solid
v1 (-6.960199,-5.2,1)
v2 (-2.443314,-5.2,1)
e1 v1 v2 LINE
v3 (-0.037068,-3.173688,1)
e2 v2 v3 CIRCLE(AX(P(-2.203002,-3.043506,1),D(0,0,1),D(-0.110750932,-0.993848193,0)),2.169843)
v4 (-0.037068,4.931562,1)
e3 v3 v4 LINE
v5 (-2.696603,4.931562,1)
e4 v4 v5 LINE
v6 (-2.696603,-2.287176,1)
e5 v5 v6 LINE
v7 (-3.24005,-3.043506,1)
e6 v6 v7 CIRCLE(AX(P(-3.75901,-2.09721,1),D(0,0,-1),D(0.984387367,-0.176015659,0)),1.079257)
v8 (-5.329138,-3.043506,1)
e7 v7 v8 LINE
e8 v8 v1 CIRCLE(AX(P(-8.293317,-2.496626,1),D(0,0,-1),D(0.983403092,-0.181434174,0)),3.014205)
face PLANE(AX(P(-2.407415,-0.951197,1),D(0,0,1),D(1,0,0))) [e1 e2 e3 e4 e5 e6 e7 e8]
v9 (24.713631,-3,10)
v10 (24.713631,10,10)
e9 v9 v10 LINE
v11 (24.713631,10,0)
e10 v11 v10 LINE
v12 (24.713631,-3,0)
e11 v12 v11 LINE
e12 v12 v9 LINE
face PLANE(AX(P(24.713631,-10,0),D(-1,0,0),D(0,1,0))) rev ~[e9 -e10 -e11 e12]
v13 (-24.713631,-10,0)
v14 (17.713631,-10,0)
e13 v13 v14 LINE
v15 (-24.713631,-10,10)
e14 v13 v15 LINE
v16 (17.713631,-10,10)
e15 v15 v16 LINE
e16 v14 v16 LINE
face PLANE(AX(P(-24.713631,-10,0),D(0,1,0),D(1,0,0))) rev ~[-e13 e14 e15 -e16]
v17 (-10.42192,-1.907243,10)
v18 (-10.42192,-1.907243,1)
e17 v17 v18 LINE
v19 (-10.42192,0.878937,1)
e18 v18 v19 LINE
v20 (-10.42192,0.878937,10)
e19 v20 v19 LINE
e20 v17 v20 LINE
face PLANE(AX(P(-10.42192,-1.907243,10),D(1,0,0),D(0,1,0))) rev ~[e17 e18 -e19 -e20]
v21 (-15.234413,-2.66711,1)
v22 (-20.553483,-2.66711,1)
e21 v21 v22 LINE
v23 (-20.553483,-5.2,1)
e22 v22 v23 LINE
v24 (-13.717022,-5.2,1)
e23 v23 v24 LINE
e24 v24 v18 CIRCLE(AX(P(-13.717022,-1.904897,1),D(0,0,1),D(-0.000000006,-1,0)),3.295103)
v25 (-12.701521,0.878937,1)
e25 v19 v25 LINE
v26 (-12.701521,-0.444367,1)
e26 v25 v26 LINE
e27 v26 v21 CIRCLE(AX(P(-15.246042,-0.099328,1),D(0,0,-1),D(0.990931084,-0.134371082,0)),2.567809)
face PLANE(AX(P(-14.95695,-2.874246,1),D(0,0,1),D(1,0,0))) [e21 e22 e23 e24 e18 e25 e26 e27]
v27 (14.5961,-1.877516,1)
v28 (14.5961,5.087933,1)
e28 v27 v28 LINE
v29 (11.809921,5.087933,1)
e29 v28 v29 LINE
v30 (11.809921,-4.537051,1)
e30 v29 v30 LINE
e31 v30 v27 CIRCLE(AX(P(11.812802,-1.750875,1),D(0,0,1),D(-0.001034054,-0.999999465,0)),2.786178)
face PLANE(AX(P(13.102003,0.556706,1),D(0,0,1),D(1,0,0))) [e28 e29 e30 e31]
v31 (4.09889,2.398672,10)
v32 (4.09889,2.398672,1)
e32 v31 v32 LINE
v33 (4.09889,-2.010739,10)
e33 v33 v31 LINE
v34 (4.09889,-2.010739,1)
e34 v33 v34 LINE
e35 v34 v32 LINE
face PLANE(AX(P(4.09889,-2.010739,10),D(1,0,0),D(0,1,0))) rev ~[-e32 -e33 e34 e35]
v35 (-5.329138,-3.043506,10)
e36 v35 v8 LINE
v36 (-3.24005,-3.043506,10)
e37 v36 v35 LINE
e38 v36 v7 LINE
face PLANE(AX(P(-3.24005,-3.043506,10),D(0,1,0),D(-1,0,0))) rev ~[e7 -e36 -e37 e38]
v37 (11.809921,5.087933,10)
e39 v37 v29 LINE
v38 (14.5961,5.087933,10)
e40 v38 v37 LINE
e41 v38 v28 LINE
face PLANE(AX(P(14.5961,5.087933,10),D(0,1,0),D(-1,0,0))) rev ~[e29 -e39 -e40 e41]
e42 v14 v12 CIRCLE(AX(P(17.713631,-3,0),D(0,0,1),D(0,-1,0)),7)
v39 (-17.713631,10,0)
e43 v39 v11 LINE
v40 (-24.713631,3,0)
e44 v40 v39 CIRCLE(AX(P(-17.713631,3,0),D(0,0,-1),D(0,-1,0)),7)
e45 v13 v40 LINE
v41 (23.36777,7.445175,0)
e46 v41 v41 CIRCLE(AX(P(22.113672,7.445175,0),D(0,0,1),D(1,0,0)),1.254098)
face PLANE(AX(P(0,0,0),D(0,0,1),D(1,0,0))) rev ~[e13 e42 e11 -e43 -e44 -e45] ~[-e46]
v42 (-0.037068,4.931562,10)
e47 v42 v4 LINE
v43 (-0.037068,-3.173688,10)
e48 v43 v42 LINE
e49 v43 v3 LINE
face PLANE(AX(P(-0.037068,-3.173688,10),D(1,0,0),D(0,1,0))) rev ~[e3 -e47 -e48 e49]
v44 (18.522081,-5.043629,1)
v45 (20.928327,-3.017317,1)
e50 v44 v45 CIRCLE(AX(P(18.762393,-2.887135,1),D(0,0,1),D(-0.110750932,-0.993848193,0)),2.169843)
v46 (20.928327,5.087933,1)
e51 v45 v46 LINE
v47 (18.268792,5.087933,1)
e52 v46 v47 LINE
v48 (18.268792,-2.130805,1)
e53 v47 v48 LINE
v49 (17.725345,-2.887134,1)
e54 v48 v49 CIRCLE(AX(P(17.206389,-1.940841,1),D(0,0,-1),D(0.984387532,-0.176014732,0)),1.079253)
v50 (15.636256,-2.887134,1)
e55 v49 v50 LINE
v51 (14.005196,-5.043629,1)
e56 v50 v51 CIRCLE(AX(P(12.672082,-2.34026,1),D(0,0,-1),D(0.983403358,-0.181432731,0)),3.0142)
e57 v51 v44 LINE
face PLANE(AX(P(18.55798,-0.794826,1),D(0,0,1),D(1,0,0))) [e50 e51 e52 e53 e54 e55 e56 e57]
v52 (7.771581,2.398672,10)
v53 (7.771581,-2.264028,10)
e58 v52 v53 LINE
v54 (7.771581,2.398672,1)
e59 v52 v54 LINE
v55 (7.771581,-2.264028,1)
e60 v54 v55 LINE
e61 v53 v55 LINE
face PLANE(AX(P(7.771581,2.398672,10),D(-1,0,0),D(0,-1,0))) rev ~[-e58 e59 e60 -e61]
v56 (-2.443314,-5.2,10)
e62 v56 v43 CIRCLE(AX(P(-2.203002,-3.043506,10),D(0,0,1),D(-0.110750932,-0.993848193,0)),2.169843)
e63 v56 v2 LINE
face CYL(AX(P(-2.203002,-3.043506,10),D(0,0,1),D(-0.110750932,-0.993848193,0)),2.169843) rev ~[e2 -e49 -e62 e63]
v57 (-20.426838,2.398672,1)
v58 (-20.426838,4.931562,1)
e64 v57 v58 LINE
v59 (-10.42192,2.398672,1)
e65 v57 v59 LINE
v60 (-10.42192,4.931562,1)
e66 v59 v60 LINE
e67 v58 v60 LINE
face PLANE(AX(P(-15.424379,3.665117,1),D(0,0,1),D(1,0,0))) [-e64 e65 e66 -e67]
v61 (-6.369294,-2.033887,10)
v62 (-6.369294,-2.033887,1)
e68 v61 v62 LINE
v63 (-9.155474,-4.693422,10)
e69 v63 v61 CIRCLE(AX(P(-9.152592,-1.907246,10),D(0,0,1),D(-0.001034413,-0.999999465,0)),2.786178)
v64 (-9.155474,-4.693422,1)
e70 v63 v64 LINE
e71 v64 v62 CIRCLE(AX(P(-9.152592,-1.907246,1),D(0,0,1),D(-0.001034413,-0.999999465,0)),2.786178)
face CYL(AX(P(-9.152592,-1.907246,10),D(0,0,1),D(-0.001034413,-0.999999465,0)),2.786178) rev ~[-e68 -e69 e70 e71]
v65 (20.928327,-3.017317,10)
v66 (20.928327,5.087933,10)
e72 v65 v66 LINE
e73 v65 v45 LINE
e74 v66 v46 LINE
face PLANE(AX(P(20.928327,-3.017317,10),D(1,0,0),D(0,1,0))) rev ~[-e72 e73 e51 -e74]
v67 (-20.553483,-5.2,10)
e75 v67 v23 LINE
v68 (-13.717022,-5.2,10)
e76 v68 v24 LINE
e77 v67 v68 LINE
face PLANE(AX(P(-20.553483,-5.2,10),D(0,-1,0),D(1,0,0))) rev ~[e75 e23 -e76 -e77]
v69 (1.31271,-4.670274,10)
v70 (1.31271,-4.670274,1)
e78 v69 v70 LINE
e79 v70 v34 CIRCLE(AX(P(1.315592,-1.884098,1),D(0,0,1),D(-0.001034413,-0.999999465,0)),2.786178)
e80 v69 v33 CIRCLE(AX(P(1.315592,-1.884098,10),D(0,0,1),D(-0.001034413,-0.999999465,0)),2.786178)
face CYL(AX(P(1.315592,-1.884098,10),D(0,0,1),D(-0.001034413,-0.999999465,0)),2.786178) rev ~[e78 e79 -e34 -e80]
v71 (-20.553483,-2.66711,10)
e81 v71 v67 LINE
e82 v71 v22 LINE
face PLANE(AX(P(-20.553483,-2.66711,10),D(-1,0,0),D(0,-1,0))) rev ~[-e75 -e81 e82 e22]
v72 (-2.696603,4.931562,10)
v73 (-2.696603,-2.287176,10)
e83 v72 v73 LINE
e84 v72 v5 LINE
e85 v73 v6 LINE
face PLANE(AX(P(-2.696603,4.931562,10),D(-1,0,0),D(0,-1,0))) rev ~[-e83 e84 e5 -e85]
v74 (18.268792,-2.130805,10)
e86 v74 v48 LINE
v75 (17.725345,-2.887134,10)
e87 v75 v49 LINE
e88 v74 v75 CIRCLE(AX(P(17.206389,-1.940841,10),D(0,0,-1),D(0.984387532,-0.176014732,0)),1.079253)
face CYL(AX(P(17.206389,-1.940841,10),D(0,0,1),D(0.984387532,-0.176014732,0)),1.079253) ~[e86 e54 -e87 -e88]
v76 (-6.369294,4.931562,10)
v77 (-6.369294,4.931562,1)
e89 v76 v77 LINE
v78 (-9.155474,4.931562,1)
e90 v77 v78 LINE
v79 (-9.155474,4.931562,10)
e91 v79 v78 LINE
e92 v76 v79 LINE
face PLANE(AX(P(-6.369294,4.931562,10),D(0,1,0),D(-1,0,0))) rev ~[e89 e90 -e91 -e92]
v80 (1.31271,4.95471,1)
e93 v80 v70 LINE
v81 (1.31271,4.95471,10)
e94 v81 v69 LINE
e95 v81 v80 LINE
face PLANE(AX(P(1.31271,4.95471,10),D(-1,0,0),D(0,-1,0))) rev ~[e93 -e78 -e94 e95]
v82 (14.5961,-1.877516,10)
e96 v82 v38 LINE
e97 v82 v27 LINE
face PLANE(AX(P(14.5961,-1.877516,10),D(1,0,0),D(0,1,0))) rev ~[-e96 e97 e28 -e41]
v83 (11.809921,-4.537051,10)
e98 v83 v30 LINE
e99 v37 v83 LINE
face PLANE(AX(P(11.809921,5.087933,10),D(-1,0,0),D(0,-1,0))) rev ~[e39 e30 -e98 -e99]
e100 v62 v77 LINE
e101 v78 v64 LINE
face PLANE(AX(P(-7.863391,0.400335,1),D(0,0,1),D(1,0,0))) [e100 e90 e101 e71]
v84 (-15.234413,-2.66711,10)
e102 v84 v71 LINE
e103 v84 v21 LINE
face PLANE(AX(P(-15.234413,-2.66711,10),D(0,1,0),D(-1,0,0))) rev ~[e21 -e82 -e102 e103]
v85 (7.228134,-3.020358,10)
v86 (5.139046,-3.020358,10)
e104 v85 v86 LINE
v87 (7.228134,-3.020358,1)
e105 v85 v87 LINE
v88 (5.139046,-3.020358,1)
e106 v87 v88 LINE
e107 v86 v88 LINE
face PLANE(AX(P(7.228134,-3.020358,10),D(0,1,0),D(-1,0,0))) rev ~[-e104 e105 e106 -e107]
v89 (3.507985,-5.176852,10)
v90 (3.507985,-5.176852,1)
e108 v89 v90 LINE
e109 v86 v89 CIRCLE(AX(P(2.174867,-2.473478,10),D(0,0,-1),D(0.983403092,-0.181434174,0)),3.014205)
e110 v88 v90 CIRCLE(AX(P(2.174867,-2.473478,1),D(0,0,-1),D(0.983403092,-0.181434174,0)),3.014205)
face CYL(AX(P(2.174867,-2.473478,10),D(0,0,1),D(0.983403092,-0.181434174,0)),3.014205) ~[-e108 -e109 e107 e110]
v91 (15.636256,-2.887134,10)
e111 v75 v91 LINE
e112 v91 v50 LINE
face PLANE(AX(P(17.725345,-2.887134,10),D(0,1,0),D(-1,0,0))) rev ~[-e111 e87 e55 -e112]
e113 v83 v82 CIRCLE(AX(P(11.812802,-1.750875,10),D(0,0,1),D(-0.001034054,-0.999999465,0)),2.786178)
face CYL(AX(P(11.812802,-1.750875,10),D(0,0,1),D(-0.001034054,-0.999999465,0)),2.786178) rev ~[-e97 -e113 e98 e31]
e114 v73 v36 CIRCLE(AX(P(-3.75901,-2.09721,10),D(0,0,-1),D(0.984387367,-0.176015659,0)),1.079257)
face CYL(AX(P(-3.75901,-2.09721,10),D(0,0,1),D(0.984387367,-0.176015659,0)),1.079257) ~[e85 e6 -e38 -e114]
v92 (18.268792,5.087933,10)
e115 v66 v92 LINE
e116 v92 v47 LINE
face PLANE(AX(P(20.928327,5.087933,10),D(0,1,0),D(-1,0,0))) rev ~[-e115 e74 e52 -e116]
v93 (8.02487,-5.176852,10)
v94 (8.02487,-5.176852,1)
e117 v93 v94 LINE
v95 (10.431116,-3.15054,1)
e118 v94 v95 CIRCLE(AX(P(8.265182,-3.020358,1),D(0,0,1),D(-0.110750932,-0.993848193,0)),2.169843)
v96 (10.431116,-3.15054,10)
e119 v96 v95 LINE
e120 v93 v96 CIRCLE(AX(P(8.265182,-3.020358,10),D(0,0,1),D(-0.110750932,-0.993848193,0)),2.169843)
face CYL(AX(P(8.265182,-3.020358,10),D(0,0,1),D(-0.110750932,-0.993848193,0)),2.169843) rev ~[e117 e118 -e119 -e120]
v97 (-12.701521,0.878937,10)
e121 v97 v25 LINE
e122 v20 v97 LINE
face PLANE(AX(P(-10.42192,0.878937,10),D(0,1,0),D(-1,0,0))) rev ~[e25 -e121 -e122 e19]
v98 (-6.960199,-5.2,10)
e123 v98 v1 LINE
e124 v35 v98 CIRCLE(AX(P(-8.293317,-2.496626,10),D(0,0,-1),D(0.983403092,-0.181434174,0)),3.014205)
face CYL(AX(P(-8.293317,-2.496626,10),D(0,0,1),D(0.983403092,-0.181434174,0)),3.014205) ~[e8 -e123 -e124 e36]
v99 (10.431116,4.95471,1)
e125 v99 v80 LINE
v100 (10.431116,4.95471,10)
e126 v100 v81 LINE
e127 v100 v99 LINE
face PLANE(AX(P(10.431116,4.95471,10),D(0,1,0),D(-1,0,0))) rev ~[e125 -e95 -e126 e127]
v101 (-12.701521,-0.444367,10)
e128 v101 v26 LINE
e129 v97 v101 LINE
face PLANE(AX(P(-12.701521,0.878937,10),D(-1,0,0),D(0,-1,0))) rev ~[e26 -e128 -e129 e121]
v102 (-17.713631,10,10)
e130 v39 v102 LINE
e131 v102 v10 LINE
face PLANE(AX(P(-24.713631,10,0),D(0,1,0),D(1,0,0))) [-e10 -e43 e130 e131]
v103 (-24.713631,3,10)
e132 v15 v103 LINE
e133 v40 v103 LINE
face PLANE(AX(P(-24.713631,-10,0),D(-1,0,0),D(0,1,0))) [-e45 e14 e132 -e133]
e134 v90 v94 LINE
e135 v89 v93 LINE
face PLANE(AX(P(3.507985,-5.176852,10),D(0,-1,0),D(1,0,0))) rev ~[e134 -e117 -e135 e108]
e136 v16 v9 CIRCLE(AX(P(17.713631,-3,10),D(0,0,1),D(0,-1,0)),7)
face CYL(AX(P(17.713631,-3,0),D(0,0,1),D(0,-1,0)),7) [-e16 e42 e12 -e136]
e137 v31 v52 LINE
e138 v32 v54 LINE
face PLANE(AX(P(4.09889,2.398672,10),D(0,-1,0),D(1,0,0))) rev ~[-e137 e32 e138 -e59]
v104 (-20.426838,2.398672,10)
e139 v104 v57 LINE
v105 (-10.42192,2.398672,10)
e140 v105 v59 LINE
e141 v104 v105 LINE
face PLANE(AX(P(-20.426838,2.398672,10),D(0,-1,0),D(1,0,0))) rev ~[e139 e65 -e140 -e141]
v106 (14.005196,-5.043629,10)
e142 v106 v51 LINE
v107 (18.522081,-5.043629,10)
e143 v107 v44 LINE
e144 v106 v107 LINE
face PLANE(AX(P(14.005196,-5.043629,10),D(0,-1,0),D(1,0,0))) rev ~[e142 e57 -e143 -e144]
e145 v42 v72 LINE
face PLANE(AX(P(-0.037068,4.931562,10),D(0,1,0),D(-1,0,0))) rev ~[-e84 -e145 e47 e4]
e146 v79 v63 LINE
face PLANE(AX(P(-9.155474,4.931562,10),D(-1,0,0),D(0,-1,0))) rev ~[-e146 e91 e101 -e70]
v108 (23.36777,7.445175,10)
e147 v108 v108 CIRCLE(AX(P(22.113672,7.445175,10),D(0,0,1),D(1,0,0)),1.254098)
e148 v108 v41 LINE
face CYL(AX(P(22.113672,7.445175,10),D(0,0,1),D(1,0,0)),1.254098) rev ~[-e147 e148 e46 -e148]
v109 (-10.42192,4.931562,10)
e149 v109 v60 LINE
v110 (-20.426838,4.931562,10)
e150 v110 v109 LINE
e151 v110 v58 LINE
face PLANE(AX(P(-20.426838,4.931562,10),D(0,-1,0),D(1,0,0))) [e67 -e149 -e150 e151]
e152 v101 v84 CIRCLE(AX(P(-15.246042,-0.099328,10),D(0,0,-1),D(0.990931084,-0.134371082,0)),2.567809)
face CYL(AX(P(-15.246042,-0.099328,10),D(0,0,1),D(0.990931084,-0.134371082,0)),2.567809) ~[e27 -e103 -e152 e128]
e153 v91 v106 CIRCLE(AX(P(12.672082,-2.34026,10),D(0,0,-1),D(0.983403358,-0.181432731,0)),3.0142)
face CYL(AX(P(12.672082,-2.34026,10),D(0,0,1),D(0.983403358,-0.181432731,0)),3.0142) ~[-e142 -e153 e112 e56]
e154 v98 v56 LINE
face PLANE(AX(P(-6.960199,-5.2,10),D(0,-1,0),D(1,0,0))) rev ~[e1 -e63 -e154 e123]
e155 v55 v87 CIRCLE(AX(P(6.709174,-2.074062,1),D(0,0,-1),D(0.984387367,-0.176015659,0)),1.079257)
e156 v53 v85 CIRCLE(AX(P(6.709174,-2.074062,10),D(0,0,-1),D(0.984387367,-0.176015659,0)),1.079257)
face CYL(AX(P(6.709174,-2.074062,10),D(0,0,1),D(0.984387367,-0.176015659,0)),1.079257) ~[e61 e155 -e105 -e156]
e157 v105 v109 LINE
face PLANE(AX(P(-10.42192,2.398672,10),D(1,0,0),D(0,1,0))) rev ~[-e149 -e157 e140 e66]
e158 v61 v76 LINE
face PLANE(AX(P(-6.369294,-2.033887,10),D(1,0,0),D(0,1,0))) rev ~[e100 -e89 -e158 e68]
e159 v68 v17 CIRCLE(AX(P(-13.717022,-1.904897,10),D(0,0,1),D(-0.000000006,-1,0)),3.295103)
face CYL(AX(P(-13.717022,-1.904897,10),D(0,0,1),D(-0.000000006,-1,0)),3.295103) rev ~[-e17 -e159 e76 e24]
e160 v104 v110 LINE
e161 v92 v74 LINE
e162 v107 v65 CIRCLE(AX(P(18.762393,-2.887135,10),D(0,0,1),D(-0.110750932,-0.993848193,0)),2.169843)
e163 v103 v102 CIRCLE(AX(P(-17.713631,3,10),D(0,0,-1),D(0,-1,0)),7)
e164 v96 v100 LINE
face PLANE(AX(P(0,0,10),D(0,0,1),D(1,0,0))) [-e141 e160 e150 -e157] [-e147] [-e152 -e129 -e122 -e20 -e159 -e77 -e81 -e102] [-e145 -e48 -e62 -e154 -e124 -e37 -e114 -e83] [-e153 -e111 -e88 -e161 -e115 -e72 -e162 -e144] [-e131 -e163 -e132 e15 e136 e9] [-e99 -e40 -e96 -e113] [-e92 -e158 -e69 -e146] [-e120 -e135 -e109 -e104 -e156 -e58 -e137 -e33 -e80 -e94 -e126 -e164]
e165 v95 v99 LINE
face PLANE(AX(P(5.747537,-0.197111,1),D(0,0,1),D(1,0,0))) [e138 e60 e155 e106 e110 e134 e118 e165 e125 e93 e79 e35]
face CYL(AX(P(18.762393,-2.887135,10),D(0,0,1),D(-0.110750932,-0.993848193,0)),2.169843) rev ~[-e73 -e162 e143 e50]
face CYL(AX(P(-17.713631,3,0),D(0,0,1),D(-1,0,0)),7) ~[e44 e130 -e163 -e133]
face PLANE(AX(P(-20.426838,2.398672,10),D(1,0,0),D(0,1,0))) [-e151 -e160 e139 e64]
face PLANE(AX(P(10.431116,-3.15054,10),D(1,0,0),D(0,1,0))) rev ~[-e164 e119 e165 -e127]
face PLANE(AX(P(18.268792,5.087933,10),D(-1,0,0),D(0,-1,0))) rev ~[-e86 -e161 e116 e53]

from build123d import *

# Parameters (mm, degrees)
F0_W     = 49.427262
F0_H     = 20
F1_DEPTH = 10
F2_W     = 10.004918
F2_H     = 2.53289
F3_DEPTH = 9
F4_R     = 7
F5_R     = 1.254098
F6_DEPTH = 10.001


with BuildPart() as f1:
    # F0 (on Top) → F1 (new body)
    with BuildSketch(Plane.XY):
        Rectangle(F0_W, F0_H)
    extrude(amount=F1_DEPTH)

    # F2 (on face) → F3 (cut)
    with BuildSketch(Plane.XY.offset(10)):
        with Locations((-15.424379, 3.665117)):
            Rectangle(F2_W, F2_H)
        with BuildLine():
            Line((-10.42192, 0.878937), (-12.701521, 0.878937))
            Line((-12.701521, 0.878937), (-12.701521, 0.245714))
            ThreePointArc((-12.701521, 0.245714), (-12.678233, -0.099326), (-12.701521, -0.444367))
            ThreePointArc((-12.701521, -0.444367), (-13.552341, -2.029358), (-15.234413, -2.66711))
            Line((-15.234413, -2.66711), (-20.553483, -2.66711))
            Line((-20.553483, -2.66711), (-20.553483, -5.2))
            Line((-20.553483, -5.2), (-13.717022, -5.2))
            ThreePointArc((-13.717022, -5.2), (-11.387862, -4.235716), (-10.42192, -1.907243))
            Line((-10.42192, -1.907243), (-10.42192, 0.878937))
        make_face()
        with BuildLine():
            ThreePointArc((-12.701521, -0.444367), (-12.678233, -0.099326), (-12.701521, 0.245714))
            Line((-12.701521, 0.245714), (-12.701521, -0.444367))
        make_face()
        with BuildLine():
            Line((-6.369294, 4.931562), (-9.155474, 4.931562))
            Line((-9.155474, 4.931562), (-9.155474, -4.693422))
            ThreePointArc((-9.155474, -4.693422), (-7.228804, -3.922643), (-6.369294, -2.033887))
            Line((-6.369294, -2.033887), (-6.369294, 4.931562))
        make_face()
        with BuildLine():
            Line((-0.037068, 4.931562), (-2.696603, 4.931562))
            Line((-2.696603, 4.931562), (-2.696603, -1.907243))
            ThreePointArc((-2.696603, -1.907243), (-2.679752, -2.097209), (-2.696603, -2.287176))
            ThreePointArc((-2.696603, -2.287176), (-2.882546, -2.726977), (-3.24005, -3.043506))
            ThreePointArc((-3.24005, -3.043506), (-3.759009, -3.176466), (-4.277969, -3.043506))
            Line((-4.277969, -3.043506), (-5.329138, -3.043506))
            ThreePointArc((-5.329138, -3.043506), (-5.889298, -4.314902), (-6.960199, -5.2))
            Line((-6.960199, -5.2), (-6.369294, -5.2))
            Line((-6.369294, -5.2), (-2.443314, -5.2))
            ThreePointArc((-2.443314, -5.2), (-0.805329, -4.703243), (-0.037068, -3.173688))
            Line((-0.037068, -3.173688), (-0.037068, 4.931562))
        make_face()
        with BuildLine():
            ThreePointArc((-2.696603, -2.287176), (-2.679752, -2.097209), (-2.696603, -1.907243))
            Line((-2.696603, -1.907243), (-2.696603, -2.287176))
        make_face()
        with BuildLine():
            ThreePointArc((-4.277969, -3.043506), (-3.759009, -3.176466), (-3.24005, -3.043506))
            Line((-3.24005, -3.043506), (-4.277969, -3.043506))
        make_face()
        with BuildLine():
            Line((4.09889, 4.95471), (1.31271, 4.95471))
            Line((1.31271, 4.95471), (1.31271, 2.398672))
            Line((1.31271, 2.398672), (1.31271, -4.670274))
            ThreePointArc((1.31271, -4.670274), (3.23938, -3.899495), (4.09889, -2.010739))
            Line((4.09889, -2.010739), (4.09889, 2.398672))
            Line((4.09889, 2.398672), (7.771581, 2.398672))
            Line((7.771581, 2.398672), (7.771581, -1.884095))
            ThreePointArc((7.771581, -1.884095), (7.788432, -2.074061), (7.771581, -2.264028))
            ThreePointArc((7.771581, -2.264028), (7.585638, -2.703829), (7.228134, -3.020358))
            ThreePointArc((7.228134, -3.020358), (6.709175, -3.153318), (6.190215, -3.020358))
            Line((6.190215, -3.020358), (5.139046, -3.020358))
            ThreePointArc((5.139046, -3.020358), (4.578886, -4.291754), (3.507985, -5.176852))
            Line((3.507985, -5.176852), (4.09889, -5.176852))
            Line((4.09889, -5.176852), (8.02487, -5.176852))
            ThreePointArc((8.02487, -5.176852), (9.662855, -4.680095), (10.431116, -3.15054))
            Line((10.431116, -3.15054), (10.431116, 2.398672))
            Line((10.431116, 2.398672), (10.431116, 4.95471))
            Line((10.431116, 4.95471), (7.771581, 4.95471))
            Line((7.771581, 4.95471), (4.09889, 4.95471))
        make_face()
        with BuildLine():
            ThreePointArc((7.771581, -2.264028), (7.788432, -2.074061), (7.771581, -1.884095))
            Line((7.771581, -1.884095), (7.771581, -2.264028))
        make_face()
        with BuildLine():
            ThreePointArc((6.190215, -3.020358), (6.709175, -3.153318), (7.228134, -3.020358))
            Line((7.228134, -3.020358), (6.190215, -3.020358))
        make_face()
        with BuildLine():
            Line((14.5961, 5.087933), (11.809921, 5.087933))
            Line((11.809921, 5.087933), (11.809921, -4.537051))
            ThreePointArc((11.809921, -4.537051), (13.73659, -3.766272), (14.5961, -1.877516))
            Line((14.5961, -1.877516), (14.5961, 5.087933))
        make_face()
        with BuildLine():
            Line((20.928327, 5.087933), (18.268792, 5.087933))
            Line((18.268792, 5.087933), (18.268792, -1.750871))
            ThreePointArc((18.268792, -1.750871), (18.285642, -1.940838), (18.268792, -2.130805))
            ThreePointArc((18.268792, -2.130805), (18.082849, -2.570606), (17.725345, -2.887134))
            ThreePointArc((17.725345, -2.887134), (17.206385, -3.020095), (16.687426, -2.887134))
            Line((16.687426, -2.887134), (15.636256, -2.887134))
            ThreePointArc((15.636256, -2.887134), (15.076097, -4.158531), (14.005196, -5.043629))
            Line((14.005196, -5.043629), (14.5961, -5.043629))
            Line((14.5961, -5.043629), (18.522081, -5.043629))
            ThreePointArc((18.522081, -5.043629), (20.160066, -4.546872), (20.928327, -3.017317))
            Line((20.928327, -3.017317), (20.928327, 5.087933))
        make_face()
        with BuildLine():
            ThreePointArc((18.268792, -2.130805), (18.285642, -1.940838), (18.268792, -1.750871))
            Line((18.268792, -1.750871), (18.268792, -2.130805))
        make_face()
        with BuildLine():
            ThreePointArc((16.687426, -2.887134), (17.206385, -3.020095), (17.725345, -2.887134))
            Line((17.725345, -2.887134), (16.687426, -2.887134))
        make_face()
    extrude(amount=-F3_DEPTH, mode=Mode.SUBTRACT)

    # F4
    f4_edges = [f1.edges().sort_by_distance(p)[0] for p in [
        (-24.713631, 10, 5),
        (24.713631, -10, 5),
    ]]
    fillet(f4_edges, radius=F4_R)

    # F5 (on face) → F6 (cut, through all)
    with BuildSketch(Plane.XY.offset(10)):
        with Locations((22.113672, 7.445175)):
            Circle(F5_R)
    extrude(amount=-F6_DEPTH, mode=Mode.SUBTRACT)


solid = f1.part
